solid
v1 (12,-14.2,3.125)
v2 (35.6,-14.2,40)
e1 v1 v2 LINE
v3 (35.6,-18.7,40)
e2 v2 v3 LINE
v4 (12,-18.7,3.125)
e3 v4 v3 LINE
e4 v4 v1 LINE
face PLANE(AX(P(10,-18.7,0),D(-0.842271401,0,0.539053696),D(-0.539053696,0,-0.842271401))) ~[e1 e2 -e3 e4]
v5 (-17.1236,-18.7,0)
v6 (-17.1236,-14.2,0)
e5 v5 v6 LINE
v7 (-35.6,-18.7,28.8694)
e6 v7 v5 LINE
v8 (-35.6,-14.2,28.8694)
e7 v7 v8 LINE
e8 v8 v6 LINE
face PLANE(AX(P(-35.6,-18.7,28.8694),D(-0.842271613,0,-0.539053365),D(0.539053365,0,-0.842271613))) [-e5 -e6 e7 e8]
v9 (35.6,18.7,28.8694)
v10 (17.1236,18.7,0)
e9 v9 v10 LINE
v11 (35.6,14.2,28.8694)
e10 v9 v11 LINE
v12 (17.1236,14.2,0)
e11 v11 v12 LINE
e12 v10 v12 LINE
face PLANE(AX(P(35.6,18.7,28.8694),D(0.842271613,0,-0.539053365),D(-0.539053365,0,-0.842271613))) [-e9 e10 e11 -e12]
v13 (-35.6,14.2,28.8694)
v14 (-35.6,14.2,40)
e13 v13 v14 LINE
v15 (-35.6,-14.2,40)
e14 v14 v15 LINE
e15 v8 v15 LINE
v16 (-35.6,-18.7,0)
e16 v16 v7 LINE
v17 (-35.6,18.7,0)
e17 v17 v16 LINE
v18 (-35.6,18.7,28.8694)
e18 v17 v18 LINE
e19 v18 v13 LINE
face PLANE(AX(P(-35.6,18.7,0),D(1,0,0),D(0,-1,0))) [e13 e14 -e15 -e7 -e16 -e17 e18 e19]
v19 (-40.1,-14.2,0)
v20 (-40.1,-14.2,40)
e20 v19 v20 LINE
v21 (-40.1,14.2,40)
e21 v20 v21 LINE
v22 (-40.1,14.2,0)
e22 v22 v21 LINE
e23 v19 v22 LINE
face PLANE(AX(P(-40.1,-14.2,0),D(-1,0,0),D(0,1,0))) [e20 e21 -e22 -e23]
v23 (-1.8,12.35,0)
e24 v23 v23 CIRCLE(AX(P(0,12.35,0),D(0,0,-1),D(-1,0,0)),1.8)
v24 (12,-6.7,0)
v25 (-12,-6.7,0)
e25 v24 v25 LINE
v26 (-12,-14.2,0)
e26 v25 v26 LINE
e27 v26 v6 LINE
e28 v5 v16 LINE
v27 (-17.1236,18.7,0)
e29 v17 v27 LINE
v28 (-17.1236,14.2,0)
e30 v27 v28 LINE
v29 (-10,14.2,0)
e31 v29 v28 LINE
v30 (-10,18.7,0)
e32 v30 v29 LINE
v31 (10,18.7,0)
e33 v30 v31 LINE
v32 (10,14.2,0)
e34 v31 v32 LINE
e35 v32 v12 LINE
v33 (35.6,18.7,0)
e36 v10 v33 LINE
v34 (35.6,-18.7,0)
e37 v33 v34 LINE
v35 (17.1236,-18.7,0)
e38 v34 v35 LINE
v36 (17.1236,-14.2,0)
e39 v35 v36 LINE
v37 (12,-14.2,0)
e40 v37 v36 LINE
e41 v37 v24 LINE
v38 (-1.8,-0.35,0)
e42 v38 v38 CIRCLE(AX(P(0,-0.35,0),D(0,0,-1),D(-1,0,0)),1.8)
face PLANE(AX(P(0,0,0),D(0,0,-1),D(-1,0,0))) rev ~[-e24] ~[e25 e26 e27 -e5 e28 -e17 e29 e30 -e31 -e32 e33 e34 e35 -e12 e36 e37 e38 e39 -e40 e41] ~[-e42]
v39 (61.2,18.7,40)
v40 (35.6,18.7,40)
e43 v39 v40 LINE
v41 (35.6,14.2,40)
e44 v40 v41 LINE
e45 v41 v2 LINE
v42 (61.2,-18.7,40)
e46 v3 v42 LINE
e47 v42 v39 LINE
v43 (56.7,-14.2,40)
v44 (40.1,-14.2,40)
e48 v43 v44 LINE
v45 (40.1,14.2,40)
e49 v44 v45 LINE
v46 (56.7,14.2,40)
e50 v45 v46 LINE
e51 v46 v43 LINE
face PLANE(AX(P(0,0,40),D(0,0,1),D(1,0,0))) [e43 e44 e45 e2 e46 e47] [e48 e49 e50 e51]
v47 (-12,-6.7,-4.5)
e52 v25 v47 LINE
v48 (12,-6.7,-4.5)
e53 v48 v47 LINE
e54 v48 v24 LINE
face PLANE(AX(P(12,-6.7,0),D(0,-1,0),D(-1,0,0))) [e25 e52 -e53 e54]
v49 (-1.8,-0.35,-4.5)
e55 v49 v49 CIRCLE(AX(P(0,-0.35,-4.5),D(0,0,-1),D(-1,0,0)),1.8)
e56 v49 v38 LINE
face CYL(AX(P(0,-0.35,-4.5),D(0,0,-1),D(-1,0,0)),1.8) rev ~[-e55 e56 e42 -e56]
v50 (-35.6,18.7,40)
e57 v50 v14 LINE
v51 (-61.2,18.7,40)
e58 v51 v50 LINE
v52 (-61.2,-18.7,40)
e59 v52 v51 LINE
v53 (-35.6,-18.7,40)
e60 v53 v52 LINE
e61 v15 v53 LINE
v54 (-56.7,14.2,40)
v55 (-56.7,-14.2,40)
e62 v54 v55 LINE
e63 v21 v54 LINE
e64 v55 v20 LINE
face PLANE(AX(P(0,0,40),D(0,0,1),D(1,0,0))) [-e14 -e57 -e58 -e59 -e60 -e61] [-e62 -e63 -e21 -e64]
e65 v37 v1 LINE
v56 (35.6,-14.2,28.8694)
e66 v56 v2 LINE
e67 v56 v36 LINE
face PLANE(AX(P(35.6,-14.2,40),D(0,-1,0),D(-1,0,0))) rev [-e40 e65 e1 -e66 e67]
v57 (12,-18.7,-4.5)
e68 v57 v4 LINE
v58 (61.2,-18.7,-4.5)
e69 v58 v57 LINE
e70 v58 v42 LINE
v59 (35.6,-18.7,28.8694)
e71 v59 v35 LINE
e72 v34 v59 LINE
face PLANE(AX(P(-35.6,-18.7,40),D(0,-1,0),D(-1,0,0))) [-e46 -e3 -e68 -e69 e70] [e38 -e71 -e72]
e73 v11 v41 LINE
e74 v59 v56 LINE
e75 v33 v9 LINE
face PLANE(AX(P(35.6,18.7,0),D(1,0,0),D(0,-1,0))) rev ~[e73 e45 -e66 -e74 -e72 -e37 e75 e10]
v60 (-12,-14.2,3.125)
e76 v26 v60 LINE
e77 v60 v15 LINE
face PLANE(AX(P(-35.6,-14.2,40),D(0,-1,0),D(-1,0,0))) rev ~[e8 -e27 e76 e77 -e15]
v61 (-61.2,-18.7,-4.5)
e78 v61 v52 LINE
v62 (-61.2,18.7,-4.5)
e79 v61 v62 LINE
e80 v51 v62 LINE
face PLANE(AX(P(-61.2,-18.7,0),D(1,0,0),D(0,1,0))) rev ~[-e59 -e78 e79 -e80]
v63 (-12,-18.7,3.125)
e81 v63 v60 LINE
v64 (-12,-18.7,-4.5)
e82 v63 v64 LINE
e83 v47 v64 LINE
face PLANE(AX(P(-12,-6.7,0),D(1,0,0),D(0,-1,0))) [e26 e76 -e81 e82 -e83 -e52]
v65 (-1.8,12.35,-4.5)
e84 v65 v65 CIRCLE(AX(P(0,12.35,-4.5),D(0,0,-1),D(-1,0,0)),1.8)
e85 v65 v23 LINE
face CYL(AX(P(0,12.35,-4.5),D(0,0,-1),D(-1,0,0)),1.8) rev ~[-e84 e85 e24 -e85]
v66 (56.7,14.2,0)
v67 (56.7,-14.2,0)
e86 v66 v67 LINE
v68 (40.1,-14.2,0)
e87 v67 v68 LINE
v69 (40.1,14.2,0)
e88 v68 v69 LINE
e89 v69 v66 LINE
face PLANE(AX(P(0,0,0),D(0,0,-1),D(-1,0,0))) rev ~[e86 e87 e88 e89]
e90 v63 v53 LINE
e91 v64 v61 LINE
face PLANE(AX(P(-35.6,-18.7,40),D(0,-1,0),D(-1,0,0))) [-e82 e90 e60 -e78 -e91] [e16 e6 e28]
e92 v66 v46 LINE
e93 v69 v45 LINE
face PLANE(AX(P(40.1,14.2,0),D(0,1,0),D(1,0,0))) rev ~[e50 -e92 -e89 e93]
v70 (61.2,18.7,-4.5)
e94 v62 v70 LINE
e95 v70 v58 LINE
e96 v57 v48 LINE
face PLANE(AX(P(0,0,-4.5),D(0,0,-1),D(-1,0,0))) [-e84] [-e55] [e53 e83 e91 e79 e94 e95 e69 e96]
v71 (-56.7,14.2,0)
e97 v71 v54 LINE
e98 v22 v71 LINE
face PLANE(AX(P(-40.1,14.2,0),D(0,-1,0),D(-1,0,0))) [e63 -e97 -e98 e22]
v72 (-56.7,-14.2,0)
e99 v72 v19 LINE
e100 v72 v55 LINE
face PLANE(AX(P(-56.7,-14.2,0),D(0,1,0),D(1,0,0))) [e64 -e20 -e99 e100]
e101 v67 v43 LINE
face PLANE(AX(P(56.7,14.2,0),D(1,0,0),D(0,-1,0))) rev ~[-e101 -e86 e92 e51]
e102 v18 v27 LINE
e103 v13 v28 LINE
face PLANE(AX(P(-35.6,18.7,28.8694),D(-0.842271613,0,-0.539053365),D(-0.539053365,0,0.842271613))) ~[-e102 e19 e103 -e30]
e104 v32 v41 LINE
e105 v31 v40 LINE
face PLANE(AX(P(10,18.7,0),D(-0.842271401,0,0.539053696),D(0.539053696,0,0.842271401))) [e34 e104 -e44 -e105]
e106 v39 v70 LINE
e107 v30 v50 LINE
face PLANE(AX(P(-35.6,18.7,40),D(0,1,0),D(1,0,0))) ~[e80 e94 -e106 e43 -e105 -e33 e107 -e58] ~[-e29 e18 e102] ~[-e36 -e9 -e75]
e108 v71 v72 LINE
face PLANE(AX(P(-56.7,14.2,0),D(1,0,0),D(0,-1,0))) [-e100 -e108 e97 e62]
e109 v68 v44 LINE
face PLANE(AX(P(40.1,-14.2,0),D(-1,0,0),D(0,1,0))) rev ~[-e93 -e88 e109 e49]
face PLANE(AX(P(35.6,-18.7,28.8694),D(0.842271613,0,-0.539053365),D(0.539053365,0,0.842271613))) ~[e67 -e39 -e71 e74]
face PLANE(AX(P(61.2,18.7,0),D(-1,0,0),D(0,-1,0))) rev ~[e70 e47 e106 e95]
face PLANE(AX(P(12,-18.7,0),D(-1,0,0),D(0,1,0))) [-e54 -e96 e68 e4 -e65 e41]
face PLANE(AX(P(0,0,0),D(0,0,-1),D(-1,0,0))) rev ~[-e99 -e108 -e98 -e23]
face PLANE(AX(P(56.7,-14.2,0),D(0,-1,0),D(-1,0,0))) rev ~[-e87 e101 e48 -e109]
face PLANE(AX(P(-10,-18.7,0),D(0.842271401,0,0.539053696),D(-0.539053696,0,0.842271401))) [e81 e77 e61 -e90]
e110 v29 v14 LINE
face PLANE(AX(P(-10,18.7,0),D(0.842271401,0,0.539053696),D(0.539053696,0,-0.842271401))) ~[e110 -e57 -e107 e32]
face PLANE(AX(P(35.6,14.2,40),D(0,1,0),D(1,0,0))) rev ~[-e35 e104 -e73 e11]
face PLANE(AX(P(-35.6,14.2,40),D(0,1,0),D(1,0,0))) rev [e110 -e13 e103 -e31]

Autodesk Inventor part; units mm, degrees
ref_plane "YZ Plane" through (0, 0, 0) normal (1, 0, 0) x (0, 1, 0)
ref_plane "XZ Plane" through (0, 0, 0) normal (0, 1, 0) x (-1, 0, 0)
ref_plane "XY Plane" through (0, 0, 0) normal (0, 0, 1) x (1, 0, 0)
sketch "Sketch6" plane through (0, 0, 0) normal (0, 0, 1) x (1, 0, 0)
  line L0 (40.1, 14.2) -> (56.7, 14.2)
  line L1 (56.7, 14.2) -> (56.7, -14.2)
  line L2 (56.7, -14.2) -> (40.1, -14.2)
  line L3 (40.1, -14.2) -> (40.1, 14.2)
  line L4 (35.6, -18.7) -> (61.2, -18.7)
  line L5 (61.2, -18.7) -> (61.2, 18.7)
  line L6 (61.2, 18.7) -> (35.6, 18.7)
  line L7 (35.6, 18.7) -> (35.6, -18.7)
  line L8 (-40.1, 14.2) -> (-56.7, 14.2)
  line L9 (-56.7, 14.2) -> (-56.7, -14.2)
  line L10 (-56.7, -14.2) -> (-40.1, -14.2)
  line L11 (-40.1, -14.2) -> (-40.1, 14.2)
  line L12 (-35.6, -18.7) -> (-61.2, -18.7)
  line L13 (-61.2, -18.7) -> (-61.2, 18.7)
  line L14 (-61.2, 18.7) -> (-35.6, 18.7)
  line L15 (-35.6, 18.7) -> (-35.6, -18.7)
  point P0 (35.6, 0)
  point P1 (35.6, 0)
  point P2 (-35.6, 0)
  point P3 (-35.6, 0)
extrude "Extrusion4" add sketch "Sketch6" along normal blind 40
sketch "Sketch7" plane through (0, 0, 0) normal (0, 0, -1) x (-1, 0, 0)
  line L0 (-35.6, -18.7) -> (-61.2, -18.7) construction
  line L1 (61.2, 18.7) -> (-61.2, 18.7)
  line L2 (-61.2, 18.7) -> (-61.2, -18.7)
  line L3 (-61.2, -18.7) -> (61.2, -18.7)
  line L4 (61.2, -18.7) -> (61.2, 18.7)
  point P0 (0, 0)
extrude "Extrusion5" add sketch "Sketch7" along normal blind 4.5
sketch "Sketch8" plane through (35.6, 18.7, 40) normal (0, 1, 0) x (1, 0, 0)
  line L0 (-71.2, 40) -> (0, 40) construction
  line L1 (0, 40) -> (0, 0) construction
  line L2 (-25.6, 40) -> (0, 0)
  line L3 (0, 11.1306) -> (-18.4764, 40)
  line L4 (-25.6, 40) -> (-18.4764, 40)
  line L5 (0, 11.1306) -> (0, 0)
  point P0 (-35.6, 40)
extrude "Extrusion6" add sketch "Sketch8" against normal blind 4.5
mirror "Mirror3" about plane through (0, 0, 0) normal (0, 1, 0) of "Extrusion6"
mirror "Mirror4" about plane through (0, 0, 0) normal (1, 0, 0) of "Extrusion6", "Mirror3"
sketch "Sketch9" plane through (0, 0, 0) normal (0, 0, 1) x (1, 0, 0)
  line L0 (12, -18.7) -> (12, -6.7)
  line L1 (-12, -6.7) -> (-12, -18.7)
  line L2 (-35.6, -18.7) -> (-10, -18.7) construction
  line L3 (12, -6.7) -> (-12, -6.7)
  line L4 (12, -18.7) -> (-12, -18.7)
  point P0 (0, 0)
extrude "Extrusion7" cut sketch "Sketch9" along normal mid plane 10
sketch "Sketch10" plane through (0, 0, -4.5) normal (0, 0, -1) x (-1, 0, 0)
  line L0 (12, -6.7) -> (-12, -6.7) construction
  line L1 (10, 18.7) -> (-10, 18.7) construction
  circle A0 centre (0, 12.35) radius 1.8
  circle A1 centre (0, -0.35) radius 1.8
  point P0 (0, 0)
extrude "Extrusion8" cut sketch "Sketch10" against normal blind 10
properties part number "Tablet_joint_Holder"
